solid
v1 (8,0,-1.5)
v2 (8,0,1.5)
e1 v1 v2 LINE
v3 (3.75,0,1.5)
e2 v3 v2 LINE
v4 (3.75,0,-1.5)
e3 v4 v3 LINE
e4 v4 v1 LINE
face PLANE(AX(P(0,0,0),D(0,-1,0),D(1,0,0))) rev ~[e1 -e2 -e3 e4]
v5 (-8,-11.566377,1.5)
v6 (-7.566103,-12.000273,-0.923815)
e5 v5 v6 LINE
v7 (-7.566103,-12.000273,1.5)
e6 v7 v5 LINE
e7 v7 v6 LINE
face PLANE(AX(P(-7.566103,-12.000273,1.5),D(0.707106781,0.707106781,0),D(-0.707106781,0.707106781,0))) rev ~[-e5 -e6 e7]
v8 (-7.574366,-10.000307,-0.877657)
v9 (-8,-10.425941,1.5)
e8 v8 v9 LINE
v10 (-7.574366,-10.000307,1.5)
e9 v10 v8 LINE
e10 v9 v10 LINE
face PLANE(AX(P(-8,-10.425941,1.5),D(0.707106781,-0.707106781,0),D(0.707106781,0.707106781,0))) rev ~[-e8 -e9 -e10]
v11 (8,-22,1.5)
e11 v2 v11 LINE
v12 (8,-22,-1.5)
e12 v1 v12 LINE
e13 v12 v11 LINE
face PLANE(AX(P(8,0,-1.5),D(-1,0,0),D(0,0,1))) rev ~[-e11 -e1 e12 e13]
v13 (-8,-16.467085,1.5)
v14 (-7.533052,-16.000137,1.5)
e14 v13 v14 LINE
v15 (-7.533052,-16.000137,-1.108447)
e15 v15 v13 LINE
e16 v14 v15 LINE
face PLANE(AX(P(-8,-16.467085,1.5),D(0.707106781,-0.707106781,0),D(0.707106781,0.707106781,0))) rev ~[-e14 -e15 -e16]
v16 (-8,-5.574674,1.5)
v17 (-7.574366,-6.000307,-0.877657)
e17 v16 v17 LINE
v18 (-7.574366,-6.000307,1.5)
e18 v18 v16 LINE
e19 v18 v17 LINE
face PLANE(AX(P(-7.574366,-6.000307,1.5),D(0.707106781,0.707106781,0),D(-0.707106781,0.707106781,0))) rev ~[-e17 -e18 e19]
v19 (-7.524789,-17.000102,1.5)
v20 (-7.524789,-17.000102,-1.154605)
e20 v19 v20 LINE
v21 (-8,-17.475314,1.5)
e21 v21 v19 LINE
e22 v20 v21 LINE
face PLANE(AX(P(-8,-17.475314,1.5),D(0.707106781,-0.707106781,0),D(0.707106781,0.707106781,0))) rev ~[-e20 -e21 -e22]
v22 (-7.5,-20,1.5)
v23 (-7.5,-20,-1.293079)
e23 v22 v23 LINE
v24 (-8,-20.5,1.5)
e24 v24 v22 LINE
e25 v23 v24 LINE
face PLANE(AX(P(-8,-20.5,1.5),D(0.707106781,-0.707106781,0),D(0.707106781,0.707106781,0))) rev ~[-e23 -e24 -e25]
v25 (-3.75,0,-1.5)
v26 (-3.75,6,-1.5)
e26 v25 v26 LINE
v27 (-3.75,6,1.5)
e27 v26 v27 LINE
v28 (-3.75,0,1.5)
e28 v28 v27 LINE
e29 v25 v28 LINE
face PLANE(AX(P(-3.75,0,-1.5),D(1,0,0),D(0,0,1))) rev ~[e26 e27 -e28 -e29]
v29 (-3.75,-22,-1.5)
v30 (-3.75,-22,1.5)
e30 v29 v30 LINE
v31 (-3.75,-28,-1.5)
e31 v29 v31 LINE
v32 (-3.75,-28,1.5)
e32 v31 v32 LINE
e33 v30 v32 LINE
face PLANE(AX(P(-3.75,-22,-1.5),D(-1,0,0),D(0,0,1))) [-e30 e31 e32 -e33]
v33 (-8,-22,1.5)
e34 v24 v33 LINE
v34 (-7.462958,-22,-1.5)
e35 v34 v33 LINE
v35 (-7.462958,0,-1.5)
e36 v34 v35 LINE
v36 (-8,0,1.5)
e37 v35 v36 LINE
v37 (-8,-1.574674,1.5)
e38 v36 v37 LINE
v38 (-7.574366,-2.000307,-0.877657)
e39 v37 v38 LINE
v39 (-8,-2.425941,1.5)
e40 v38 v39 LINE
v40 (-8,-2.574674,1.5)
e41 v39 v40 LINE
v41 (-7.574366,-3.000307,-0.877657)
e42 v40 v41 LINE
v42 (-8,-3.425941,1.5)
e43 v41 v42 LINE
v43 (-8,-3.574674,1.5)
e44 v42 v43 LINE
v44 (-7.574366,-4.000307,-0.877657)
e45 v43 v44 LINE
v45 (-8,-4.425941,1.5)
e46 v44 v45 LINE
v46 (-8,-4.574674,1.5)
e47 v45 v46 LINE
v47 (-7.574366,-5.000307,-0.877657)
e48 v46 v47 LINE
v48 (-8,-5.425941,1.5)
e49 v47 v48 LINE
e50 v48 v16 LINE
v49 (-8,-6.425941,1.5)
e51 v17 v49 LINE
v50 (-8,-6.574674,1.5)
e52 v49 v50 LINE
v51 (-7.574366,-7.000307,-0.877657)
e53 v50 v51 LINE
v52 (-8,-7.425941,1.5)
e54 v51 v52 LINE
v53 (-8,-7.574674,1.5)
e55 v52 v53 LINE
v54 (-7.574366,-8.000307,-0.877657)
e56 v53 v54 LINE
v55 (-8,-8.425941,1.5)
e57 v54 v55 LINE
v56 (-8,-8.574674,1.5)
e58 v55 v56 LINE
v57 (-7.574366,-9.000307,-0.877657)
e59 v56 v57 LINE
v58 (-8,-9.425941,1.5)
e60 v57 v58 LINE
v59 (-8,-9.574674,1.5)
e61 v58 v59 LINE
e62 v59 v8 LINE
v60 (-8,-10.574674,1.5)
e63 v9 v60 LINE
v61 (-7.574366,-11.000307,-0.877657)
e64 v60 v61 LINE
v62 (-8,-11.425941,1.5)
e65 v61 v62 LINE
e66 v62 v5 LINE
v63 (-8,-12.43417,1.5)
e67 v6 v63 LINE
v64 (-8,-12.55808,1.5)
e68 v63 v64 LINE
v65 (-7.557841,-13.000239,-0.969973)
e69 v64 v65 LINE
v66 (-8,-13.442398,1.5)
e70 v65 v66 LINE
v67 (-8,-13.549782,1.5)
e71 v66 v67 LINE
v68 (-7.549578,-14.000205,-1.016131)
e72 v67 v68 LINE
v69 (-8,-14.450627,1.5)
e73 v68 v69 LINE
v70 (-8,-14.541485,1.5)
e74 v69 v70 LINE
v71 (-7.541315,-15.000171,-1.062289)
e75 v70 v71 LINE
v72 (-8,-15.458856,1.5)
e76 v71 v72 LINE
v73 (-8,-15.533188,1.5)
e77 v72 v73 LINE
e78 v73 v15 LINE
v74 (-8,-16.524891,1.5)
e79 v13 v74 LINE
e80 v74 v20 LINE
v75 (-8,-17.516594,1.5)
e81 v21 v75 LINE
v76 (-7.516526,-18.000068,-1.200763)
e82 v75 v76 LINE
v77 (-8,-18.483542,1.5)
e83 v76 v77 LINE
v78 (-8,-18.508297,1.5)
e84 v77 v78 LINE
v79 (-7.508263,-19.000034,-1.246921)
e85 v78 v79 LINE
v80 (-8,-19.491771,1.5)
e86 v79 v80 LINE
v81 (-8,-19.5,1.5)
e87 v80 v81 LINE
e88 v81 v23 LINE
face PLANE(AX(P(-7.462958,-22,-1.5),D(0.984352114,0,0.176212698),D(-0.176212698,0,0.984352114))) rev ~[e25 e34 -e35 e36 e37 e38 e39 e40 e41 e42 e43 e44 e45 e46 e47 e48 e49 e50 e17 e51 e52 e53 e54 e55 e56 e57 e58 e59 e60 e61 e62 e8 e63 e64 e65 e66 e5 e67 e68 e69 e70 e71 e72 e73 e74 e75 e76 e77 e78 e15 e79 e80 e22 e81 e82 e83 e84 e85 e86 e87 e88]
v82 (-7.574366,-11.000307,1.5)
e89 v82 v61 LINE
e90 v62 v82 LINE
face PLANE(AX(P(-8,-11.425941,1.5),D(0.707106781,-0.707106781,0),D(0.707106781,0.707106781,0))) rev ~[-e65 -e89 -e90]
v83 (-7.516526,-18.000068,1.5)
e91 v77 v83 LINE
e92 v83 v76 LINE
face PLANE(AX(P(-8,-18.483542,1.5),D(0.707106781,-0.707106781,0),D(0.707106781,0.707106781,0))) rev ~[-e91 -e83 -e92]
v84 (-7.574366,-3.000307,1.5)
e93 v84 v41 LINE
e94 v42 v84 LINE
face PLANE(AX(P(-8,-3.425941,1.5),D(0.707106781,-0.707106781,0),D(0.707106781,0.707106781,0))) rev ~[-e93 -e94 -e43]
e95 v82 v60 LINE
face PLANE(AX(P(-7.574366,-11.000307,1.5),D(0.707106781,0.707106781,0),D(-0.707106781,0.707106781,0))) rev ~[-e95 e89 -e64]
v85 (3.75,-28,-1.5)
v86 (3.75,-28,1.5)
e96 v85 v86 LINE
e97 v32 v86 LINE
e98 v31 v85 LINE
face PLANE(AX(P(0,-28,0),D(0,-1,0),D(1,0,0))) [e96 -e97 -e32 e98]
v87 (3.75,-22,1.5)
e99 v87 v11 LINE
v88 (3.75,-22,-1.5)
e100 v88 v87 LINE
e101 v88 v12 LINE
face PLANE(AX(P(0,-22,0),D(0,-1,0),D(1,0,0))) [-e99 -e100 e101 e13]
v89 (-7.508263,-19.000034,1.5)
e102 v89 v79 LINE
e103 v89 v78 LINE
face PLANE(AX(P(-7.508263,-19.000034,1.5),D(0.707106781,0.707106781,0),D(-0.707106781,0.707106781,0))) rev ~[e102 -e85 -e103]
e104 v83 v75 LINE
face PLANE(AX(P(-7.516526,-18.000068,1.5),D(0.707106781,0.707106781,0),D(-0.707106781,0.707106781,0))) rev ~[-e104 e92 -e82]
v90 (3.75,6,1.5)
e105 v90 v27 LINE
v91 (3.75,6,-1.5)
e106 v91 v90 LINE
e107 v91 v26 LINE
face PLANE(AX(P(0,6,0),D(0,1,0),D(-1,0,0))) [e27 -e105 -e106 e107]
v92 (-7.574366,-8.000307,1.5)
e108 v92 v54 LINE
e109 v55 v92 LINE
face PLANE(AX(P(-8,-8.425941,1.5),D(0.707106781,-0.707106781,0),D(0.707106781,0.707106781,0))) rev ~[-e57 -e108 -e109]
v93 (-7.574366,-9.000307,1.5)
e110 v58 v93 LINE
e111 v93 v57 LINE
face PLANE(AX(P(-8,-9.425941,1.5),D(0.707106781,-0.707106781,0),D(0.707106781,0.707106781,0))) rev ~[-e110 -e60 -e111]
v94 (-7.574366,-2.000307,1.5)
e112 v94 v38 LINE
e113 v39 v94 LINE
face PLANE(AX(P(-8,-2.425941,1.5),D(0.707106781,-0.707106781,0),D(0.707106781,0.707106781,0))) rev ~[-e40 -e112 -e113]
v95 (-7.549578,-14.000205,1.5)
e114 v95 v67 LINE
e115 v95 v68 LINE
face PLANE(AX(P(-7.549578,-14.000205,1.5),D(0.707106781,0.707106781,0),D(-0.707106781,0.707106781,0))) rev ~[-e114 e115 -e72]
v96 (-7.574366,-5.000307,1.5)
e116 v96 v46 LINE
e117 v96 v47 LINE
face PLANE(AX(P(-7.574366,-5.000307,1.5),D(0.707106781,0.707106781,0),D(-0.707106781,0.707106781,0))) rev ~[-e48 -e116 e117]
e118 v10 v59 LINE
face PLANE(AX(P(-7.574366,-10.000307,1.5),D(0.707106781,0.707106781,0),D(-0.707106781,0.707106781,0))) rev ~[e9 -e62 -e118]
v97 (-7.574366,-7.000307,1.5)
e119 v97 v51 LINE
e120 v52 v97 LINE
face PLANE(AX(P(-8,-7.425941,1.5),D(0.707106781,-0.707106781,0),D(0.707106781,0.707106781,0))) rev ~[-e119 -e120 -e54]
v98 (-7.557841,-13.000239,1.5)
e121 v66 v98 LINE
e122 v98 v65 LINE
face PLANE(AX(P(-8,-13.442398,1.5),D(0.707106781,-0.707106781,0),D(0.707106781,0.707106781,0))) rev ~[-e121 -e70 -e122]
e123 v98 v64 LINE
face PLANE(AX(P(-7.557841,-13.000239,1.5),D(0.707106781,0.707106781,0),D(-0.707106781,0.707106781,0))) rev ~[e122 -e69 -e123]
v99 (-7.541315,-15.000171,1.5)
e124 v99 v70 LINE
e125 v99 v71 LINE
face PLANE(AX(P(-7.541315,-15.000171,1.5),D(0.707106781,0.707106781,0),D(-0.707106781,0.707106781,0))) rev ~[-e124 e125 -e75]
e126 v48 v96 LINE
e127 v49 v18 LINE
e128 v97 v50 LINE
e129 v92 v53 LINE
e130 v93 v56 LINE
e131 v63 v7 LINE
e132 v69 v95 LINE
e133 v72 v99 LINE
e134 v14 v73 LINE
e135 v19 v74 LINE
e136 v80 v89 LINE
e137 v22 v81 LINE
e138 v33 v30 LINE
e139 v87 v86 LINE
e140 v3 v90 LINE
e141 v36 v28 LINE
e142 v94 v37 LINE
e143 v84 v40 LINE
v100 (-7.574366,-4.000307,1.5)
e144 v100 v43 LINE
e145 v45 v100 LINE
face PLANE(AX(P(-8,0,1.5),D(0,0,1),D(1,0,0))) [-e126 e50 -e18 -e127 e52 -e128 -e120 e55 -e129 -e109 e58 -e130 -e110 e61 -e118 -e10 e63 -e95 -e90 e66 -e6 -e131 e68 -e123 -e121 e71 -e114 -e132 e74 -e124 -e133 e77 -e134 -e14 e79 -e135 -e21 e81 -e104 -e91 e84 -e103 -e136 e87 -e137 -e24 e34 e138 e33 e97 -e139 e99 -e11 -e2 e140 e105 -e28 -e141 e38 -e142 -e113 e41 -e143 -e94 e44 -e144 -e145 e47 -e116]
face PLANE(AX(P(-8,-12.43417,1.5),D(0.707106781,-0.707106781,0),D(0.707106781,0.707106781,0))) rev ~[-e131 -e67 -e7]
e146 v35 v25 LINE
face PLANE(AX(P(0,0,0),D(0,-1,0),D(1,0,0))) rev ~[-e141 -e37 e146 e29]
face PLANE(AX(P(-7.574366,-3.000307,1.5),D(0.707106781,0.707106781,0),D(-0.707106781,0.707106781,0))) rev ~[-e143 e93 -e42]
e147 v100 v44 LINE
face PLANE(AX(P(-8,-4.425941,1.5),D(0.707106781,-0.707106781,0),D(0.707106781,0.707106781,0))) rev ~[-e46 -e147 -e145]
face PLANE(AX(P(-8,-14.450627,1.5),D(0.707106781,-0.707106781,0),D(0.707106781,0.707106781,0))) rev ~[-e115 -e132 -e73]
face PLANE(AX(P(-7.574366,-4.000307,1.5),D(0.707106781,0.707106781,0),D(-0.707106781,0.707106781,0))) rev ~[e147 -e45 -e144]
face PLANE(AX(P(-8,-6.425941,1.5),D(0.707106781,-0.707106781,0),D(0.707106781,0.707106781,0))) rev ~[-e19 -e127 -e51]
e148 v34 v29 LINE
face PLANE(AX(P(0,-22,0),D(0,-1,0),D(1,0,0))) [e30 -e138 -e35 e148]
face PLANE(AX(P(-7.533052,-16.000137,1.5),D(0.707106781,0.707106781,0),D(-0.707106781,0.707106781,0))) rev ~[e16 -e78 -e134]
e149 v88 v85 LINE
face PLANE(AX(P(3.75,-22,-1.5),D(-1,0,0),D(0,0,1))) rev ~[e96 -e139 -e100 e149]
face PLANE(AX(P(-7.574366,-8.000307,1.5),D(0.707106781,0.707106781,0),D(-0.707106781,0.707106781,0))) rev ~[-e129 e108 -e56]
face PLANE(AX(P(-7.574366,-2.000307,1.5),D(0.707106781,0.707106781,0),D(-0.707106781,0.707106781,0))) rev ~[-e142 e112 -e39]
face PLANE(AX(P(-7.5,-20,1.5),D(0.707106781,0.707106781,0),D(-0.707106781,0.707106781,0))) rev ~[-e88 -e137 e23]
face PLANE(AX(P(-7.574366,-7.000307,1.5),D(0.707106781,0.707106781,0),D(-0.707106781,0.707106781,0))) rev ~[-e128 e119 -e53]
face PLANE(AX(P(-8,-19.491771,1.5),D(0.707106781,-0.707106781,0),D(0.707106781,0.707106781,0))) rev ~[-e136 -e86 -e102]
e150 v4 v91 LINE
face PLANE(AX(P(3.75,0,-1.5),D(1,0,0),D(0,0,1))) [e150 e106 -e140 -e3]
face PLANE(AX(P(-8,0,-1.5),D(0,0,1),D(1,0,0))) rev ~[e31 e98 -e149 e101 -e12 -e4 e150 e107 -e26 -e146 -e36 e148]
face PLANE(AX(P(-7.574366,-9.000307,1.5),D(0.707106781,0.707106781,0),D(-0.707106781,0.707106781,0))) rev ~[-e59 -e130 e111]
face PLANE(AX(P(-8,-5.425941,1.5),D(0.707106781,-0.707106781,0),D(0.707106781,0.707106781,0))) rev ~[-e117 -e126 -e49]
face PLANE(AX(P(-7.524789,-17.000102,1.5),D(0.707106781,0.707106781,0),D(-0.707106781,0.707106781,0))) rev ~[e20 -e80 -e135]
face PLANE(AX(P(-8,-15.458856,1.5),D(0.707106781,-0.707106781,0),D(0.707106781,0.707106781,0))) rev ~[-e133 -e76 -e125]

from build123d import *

# Parameters (mm, degrees)
F0_W     = 16
F0_H     = 3
F1_DEPTH = 22
F2_W     = 7.5
F2_H     = 3
F3_DEPTH = 6
F4_W     = 7.5
F4_H     = 3
F5_DEPTH = 6
F7_DEPTH = 3.001
F9_DEPTH = 28.001


with BuildPart() as f1:
    # F0 (on Front) → F1 (new body)
    with BuildSketch(Plane.XZ):
        Rectangle(F0_W, F0_H)
    extrude(amount=F1_DEPTH)

    # F2 (on face) → F3 (join)
    with BuildSketch(Plane.XZ.offset(22)):
        Rectangle(F2_W, F2_H)
    extrude(amount=F3_DEPTH)

    # F4 (on face) → F5 (join)
    with BuildSketch(Plane(origin=(0, 0, 0), x_dir=(-1, 0, 0), z_dir=(0, 1, 0))):
        Rectangle(F4_W, F4_H)
    extrude(amount=F5_DEPTH)

    # F6 (on face) → F7 (cut, through all)
    with BuildSketch(Plane.XY.offset(1.5)):
        Polygon((-8, -1.5746736809), (-8, -2.4259408148), (-7.574366433, -2.0003072478), align=None)
        Polygon((-8, -2.5746736809), (-8, -3.4259408148), (-7.574366433, -3.0003072478), align=None)
        Polygon((-8, -3.5746736809), (-8, -4.4259408148), (-7.574366433, -4.0003072478), align=None)
        Polygon((-8, -4.5746736809), (-8, -5.4259408148), (-7.574366433, -5.0003072478), align=None)
        Polygon((-8, -5.5746736809), (-8, -6.4259408148), (-7.574366433, -6.0003072478), align=None)
        Polygon((-8, -6.5746736809), (-8, -7.4259408148), (-7.574366433, -7.0003072478), align=None)
        Polygon((-8, -7.5746736809), (-8, -8.4259408148), (-7.574366433, -8.0003072478), align=None)
        Polygon((-8, -8.5746736809), (-8, -9.4259408148), (-7.574366433, -9.0003072478), align=None)
        Polygon((-8, -9.5746736808), (-8, -10.4259408148), (-7.574366433, -10.0003072478), align=None)
        Polygon((-7.574366433, -11.0003072478), (-8, -10.5746736808), (-8, -11.4259408148), align=None)
        Polygon((-7.566103496, -12.0002731092), (-8, -11.5663766052), (-8, -12.4341696131), align=None)
        Polygon((-7.557840559, -13.0002389705), (-8, -12.5580795295), (-8, -13.4423984115), align=None)
        Polygon((-7.549577622, -14.0002048319), (-8, -13.5497824539), (-8, -14.4506272099), align=None)
        Polygon((-7.541314685, -15.0001706932), (-8, -14.5414853782), (-8, -15.4588560082), align=None)
        Polygon((-7.5, -20), (-8, -19.5), (-8, -20.5), align=None)
        Polygon((-7.508262937, -19.0000341386), (-8, -18.5082970756), (-8, -19.4917712016), align=None)
        Polygon((-7.516525874, -18.0000682773), (-8, -17.5165941513), (-8, -18.4835424033), align=None)
        Polygon((-7.524788811, -17.0001024159), (-8, -16.5248912269), (-8, -17.4753136049), align=None)
        Polygon((-7.533051748, -16.0001365546), (-8, -15.5331883026), (-8, -16.4670848066), align=None)
    extrude(amount=-F7_DEPTH, mode=Mode.SUBTRACT)

    # F8 (on face) → F9 (cut, through all)
    with BuildSketch(Plane.XZ.offset(22)):
        Polygon((-7.4629583396, -1.5), (-8, 1.5), (-8, -1.5), align=None)
    extrude(amount=-F9_DEPTH, mode=Mode.SUBTRACT)


solid = f1.part
